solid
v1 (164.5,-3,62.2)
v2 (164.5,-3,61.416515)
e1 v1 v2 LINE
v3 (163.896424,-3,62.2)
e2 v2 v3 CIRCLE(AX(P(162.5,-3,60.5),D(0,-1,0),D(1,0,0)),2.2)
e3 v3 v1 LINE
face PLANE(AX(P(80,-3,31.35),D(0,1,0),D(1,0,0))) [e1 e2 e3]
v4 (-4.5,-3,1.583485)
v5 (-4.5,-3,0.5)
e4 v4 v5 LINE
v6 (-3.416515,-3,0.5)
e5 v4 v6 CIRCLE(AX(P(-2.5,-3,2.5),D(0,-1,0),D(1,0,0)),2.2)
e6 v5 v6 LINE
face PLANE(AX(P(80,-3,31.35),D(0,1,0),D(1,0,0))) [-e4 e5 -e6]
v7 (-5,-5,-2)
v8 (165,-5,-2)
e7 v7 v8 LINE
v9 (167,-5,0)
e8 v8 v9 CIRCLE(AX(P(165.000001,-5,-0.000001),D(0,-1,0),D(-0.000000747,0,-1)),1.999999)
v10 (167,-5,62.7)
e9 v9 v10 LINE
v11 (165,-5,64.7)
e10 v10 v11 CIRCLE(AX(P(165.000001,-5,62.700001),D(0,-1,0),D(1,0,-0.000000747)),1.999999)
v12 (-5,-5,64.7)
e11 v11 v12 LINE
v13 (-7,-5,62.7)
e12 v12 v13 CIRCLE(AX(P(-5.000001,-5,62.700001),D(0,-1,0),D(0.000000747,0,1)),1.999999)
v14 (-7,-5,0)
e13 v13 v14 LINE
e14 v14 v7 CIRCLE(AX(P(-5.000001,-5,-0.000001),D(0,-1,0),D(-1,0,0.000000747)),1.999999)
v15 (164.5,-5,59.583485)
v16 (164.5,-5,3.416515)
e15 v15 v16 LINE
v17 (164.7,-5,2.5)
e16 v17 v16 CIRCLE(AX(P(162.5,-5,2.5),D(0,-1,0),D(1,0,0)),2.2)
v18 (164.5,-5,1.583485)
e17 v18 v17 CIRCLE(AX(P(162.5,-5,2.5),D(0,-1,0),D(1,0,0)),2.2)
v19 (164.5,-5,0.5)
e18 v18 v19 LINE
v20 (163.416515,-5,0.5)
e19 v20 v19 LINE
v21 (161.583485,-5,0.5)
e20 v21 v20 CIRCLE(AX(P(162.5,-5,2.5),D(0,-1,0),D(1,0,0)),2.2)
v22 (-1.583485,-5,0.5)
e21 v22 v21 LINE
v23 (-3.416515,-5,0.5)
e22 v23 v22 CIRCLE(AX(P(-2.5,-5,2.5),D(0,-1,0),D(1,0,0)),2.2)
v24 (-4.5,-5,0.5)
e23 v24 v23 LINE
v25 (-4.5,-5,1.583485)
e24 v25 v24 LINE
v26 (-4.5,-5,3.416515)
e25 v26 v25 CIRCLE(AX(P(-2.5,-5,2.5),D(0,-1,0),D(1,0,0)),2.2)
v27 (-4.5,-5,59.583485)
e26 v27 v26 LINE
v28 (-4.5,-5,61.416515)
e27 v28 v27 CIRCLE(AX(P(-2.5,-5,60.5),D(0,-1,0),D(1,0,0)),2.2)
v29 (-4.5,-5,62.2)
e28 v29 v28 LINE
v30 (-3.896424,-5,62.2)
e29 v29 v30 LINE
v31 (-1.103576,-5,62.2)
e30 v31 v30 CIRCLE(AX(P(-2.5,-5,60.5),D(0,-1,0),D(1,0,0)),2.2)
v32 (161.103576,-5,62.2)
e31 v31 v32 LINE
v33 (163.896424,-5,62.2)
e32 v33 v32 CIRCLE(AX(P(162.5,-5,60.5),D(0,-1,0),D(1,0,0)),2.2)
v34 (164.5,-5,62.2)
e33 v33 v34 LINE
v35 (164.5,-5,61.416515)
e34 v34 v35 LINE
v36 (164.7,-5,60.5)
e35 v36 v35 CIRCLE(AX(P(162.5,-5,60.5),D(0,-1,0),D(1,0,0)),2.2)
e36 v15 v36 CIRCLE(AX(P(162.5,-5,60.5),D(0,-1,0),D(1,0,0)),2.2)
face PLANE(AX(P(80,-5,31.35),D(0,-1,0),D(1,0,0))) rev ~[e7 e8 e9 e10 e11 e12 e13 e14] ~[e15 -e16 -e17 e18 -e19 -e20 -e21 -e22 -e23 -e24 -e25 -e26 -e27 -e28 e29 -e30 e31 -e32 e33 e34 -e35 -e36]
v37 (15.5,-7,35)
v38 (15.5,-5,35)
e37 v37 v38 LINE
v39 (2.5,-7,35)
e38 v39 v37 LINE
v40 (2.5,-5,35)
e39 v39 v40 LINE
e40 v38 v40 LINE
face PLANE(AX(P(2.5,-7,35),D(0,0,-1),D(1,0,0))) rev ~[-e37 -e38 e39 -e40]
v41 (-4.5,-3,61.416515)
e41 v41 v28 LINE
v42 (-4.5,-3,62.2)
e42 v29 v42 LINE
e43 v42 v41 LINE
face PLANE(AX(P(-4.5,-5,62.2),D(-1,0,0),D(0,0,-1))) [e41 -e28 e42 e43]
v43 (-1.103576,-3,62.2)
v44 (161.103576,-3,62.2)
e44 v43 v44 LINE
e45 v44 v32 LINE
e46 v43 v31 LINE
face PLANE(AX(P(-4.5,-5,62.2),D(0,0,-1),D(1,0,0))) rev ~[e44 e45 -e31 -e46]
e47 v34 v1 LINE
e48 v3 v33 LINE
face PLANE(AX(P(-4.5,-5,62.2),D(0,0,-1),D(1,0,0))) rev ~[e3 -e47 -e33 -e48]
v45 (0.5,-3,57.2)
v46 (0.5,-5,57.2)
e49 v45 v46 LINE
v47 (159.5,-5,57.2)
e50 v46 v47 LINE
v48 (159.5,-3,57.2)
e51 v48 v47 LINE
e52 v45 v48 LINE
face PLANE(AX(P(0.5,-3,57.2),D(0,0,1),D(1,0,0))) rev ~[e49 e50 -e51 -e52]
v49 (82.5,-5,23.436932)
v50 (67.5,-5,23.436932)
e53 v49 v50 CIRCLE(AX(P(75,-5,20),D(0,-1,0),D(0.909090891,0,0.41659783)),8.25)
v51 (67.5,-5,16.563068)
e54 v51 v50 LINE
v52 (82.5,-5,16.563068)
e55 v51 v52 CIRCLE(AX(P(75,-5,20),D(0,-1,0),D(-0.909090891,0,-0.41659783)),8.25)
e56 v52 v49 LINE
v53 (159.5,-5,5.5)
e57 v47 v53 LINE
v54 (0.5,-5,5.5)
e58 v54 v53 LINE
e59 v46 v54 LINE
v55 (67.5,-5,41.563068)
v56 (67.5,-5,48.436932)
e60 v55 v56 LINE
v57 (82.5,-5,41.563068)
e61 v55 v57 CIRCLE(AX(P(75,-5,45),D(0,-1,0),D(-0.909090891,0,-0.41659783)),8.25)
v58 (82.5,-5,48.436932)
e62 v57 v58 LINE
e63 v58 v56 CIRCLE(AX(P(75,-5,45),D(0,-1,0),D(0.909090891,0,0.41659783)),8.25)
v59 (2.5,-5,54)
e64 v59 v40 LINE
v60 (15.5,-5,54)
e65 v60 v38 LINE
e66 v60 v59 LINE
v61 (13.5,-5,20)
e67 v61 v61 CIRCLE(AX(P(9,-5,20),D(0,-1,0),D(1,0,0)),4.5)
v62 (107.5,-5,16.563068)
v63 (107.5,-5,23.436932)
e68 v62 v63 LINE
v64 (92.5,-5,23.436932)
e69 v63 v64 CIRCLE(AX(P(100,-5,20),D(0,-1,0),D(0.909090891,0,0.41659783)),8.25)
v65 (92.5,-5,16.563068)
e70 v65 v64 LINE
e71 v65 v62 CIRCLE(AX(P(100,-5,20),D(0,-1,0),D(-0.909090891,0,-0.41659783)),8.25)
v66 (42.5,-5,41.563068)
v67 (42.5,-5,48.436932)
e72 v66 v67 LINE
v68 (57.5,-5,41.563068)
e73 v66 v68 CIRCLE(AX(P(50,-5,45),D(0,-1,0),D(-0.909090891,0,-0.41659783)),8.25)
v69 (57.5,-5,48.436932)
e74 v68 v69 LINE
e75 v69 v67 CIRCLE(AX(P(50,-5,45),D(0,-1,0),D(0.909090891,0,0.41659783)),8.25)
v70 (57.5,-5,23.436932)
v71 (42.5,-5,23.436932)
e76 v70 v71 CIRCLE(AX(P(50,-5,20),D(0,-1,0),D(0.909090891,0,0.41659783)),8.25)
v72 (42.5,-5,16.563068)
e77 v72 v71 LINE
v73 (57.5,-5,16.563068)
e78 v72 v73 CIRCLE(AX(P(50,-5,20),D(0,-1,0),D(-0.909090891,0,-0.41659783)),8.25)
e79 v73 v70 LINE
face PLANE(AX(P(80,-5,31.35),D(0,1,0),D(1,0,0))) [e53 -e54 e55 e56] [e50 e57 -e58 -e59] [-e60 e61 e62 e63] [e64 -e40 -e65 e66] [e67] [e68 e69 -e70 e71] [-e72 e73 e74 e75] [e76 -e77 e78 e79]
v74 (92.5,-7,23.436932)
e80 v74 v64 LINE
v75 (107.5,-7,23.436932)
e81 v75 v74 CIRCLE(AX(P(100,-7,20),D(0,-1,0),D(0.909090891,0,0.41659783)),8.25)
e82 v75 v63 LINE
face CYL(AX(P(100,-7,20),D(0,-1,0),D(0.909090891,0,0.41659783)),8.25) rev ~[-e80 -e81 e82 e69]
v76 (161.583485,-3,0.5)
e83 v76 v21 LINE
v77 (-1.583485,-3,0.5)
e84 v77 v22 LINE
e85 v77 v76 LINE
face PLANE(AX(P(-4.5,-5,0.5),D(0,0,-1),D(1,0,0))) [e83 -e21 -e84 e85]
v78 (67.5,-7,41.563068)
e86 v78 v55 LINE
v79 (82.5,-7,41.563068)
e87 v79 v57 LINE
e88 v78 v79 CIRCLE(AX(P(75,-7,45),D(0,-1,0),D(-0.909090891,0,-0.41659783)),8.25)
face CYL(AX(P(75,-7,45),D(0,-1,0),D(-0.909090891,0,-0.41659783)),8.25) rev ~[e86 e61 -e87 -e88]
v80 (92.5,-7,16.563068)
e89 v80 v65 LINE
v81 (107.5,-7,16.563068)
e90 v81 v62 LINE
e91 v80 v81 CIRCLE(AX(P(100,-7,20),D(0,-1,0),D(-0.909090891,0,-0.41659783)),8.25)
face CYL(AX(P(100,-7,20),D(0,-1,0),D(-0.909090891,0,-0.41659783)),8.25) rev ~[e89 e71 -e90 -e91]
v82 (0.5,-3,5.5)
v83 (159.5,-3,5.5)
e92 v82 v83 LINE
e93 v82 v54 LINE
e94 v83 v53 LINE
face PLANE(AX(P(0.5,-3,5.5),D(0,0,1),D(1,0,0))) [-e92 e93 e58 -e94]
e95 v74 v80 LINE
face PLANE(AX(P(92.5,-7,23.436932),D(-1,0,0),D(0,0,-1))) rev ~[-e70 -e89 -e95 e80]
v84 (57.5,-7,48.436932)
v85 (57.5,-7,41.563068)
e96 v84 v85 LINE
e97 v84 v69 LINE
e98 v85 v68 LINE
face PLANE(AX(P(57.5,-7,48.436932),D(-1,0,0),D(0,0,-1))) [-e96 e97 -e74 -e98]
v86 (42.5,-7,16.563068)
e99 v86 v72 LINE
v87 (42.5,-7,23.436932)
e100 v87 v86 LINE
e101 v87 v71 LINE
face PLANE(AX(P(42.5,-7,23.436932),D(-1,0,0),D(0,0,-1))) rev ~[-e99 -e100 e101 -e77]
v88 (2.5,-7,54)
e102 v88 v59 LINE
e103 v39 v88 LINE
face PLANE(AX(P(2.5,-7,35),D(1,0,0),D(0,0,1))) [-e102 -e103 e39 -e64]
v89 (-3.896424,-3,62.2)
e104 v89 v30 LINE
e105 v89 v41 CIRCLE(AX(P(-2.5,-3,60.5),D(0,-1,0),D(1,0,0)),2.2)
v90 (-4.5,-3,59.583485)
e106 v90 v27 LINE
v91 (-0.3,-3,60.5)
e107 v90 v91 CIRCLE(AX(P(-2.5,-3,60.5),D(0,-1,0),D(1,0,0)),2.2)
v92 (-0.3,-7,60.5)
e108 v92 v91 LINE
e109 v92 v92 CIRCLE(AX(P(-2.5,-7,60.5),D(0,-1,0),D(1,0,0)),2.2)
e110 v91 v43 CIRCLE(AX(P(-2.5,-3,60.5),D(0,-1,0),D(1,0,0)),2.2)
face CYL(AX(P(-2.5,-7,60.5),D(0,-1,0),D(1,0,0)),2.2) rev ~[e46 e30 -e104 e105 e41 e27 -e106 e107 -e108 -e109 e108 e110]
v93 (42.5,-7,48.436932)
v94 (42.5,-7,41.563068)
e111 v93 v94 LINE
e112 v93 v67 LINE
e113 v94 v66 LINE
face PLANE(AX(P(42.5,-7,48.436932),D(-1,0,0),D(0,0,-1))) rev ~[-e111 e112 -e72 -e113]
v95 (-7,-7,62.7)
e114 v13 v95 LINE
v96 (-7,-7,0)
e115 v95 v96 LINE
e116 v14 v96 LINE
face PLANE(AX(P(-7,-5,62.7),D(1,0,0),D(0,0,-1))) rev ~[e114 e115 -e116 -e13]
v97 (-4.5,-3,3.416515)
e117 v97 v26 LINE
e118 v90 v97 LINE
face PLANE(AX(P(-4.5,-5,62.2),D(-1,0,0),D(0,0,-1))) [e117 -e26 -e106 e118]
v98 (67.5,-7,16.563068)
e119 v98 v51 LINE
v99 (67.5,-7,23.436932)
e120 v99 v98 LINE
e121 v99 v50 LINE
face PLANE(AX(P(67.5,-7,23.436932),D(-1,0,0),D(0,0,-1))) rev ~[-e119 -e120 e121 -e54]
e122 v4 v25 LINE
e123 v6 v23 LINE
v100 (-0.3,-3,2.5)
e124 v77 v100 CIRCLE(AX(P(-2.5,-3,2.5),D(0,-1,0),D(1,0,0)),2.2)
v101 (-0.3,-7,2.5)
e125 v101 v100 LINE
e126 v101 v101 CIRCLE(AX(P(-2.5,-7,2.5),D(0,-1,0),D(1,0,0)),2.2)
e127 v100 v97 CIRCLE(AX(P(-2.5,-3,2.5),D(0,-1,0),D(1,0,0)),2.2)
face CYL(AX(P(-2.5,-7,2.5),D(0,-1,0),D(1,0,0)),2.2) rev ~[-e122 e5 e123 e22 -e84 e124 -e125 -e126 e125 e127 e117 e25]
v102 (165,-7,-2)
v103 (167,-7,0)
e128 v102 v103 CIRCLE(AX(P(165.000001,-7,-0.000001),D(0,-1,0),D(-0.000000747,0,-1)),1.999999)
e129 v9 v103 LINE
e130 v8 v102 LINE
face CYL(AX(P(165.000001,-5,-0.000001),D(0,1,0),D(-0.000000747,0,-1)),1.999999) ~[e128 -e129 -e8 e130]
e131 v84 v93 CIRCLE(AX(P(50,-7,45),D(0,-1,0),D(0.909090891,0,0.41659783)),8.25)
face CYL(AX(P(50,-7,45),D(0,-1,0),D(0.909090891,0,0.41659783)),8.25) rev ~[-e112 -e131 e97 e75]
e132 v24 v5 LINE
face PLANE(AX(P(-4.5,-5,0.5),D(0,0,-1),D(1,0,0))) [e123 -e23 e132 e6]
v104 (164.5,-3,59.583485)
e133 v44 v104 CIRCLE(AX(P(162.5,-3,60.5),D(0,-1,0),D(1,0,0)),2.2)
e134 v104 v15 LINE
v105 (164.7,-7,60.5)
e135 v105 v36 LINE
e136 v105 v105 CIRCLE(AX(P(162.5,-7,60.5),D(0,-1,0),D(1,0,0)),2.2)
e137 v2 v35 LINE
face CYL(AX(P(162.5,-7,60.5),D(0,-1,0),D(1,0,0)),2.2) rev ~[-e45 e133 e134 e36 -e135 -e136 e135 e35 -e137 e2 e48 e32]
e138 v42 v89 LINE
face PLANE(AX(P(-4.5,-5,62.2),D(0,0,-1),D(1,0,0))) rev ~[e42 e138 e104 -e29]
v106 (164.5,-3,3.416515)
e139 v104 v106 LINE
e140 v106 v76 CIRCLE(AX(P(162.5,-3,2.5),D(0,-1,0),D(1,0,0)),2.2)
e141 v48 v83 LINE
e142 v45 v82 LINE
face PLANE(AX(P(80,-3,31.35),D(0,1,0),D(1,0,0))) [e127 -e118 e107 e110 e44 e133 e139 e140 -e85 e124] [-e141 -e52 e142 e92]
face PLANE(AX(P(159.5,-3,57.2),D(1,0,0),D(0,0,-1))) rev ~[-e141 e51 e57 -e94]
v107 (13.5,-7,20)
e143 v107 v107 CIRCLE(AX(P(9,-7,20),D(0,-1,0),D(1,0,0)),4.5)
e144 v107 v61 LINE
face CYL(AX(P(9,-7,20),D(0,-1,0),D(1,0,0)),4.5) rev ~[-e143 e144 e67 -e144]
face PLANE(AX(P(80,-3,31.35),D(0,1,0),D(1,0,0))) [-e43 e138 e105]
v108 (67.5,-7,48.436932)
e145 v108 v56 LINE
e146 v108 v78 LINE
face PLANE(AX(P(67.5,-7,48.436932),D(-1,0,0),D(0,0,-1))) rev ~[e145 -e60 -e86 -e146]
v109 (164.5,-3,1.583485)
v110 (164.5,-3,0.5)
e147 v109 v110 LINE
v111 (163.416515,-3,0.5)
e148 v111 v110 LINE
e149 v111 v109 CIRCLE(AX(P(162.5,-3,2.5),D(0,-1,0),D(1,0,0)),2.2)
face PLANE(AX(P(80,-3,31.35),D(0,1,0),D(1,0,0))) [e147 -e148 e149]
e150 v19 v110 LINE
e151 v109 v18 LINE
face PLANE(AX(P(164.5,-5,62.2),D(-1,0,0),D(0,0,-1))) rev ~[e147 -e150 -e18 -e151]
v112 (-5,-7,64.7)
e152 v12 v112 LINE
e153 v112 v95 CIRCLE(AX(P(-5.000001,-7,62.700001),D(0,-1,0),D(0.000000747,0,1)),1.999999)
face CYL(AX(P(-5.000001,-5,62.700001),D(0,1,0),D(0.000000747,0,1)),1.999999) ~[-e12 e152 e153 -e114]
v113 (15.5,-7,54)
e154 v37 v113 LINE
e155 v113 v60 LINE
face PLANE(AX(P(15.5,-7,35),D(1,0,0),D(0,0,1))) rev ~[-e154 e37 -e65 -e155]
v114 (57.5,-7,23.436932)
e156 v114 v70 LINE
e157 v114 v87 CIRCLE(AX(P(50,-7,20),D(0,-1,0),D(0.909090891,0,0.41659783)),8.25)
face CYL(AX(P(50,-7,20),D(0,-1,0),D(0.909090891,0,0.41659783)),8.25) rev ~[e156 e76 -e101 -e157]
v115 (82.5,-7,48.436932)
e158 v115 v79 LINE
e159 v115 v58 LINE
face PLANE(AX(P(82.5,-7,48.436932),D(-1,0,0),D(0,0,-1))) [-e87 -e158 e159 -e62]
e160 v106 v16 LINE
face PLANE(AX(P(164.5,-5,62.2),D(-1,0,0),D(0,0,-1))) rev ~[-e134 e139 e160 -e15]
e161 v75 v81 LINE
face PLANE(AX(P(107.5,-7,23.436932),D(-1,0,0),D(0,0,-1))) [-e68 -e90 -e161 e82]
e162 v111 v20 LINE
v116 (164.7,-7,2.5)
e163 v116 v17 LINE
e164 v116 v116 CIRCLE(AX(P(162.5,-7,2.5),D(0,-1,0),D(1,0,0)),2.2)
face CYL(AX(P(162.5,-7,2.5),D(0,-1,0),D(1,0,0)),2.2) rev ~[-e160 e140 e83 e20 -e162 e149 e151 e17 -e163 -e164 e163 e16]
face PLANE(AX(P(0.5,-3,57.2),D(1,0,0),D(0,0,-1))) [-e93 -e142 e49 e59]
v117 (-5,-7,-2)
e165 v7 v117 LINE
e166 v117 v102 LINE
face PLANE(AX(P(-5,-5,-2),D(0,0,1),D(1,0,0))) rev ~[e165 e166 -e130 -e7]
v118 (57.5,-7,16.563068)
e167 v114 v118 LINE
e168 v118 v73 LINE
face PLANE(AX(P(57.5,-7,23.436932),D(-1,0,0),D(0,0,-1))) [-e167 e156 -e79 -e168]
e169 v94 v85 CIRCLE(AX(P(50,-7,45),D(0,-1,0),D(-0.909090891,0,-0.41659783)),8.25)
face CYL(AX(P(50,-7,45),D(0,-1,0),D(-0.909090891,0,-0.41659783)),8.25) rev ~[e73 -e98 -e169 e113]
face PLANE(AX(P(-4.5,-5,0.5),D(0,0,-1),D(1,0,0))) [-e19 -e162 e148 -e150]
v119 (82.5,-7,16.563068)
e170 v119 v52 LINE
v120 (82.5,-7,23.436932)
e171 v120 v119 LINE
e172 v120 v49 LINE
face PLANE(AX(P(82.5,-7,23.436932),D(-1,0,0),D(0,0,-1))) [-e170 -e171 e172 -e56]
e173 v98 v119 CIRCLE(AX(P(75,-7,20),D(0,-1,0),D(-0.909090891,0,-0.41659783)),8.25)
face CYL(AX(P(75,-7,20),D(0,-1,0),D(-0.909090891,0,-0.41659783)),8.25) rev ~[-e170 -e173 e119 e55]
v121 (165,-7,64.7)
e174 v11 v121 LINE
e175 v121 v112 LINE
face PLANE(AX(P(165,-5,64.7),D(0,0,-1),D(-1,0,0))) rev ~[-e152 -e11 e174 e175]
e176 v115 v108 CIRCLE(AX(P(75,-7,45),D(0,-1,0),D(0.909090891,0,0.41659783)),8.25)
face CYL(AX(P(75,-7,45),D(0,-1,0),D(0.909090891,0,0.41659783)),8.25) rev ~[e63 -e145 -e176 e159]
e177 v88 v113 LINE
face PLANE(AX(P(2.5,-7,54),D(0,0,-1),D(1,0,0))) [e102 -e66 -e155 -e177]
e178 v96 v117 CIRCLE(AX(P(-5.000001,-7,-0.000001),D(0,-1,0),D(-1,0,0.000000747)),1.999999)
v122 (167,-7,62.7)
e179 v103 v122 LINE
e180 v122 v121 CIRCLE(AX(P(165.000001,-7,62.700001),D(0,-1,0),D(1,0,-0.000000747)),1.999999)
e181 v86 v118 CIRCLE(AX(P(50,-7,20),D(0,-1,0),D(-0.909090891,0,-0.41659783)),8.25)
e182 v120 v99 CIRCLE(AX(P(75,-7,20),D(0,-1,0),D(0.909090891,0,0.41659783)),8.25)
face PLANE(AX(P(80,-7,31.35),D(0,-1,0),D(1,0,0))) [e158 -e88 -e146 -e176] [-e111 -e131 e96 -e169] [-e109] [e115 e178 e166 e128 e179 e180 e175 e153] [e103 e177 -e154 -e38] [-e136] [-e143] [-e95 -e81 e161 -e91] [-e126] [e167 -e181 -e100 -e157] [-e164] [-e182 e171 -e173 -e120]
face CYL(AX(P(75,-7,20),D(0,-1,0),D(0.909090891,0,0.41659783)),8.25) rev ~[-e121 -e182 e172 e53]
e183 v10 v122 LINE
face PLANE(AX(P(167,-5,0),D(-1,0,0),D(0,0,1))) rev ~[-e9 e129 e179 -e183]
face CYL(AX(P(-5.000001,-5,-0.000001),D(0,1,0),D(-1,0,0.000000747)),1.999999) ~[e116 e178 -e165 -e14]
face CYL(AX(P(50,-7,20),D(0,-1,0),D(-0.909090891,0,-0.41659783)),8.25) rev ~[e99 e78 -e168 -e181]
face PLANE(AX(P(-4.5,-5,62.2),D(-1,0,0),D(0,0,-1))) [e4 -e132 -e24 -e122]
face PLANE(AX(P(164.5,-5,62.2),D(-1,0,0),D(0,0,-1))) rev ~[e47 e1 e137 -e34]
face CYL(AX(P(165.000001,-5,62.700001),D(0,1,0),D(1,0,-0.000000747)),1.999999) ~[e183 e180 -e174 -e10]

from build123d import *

# Parameters (mm, degrees)
PAD004_DEPTH    = 2
SKETCH008_W     = 169
SKETCH008_H     = 61.7
PAD005_DEPTH    = 2
SKETCH009_R     = 2.2
POCKET002_DEPTH = 4.001
SKETCH012_W     = 159
SKETCH012_H     = 51.7
POCKET005_DEPTH = 2
SKETCH010_R     = 4.5
SKETCH010_W     = 13
SKETCH010_H     = 19
POCKET003_DEPTH = 4.001


with BuildPart() as part:
    # Sketch007 → Pad004 (new body)
    with BuildSketch(Plane.XZ):
        with BuildLine():
            Line((-2, 62.7), (-2, 0))
            ThreePointArc((-2, 0), (-1.414214, -1.414214), (0, -2))
            Line((0, -2), (170, -2))
            ThreePointArc((170, -2), (171.414214, -1.414214), (172, 0))
            Line((172, 0), (172, 62.7))
            ThreePointArc((172, 62.7), (171.414214, 64.114214), (170, 64.7))
            Line((170, 64.7), (0, 64.7))
            ThreePointArc((0, 64.7), (-1.414214, 64.114214), (-2, 62.7))
        make_face()
    extrude(amount=PAD004_DEPTH)

    # Sketch008 (on Face9 of Pad004) → Pad005 (join)
    with BuildSketch(Plane(origin=(0, 0, 0), x_dir=(1, 0, 0), z_dir=(0, 1, 0))):
        with Locations((85, -31.35)):
            Rectangle(SKETCH008_W, SKETCH008_H)
    extrude(amount=PAD005_DEPTH)

    # Sketch009 (on Face5 of Pad005) → Pocket002 (cut, through all)
    with BuildSketch(Plane.XZ.offset(2)):
        with Locations((2.5, 2.5)):
            Circle(SKETCH009_R)
        with Locations((2.5, 60.5)):
            Circle(SKETCH009_R)
        with Locations((167.5, 60.5)):
            Circle(SKETCH009_R)
        with Locations((167.5, 2.5)):
            Circle(SKETCH009_R)
    extrude(amount=-POCKET002_DEPTH, mode=Mode.SUBTRACT)

    # Sketch012 (on Face28 of Pocket002) → Pocket005 (cut)
    with BuildSketch(Plane(origin=(0, 2, 0), x_dir=(1, 0, 0), z_dir=(0, 1, 0))):
        with Locations((85, -31.35)):
            Rectangle(SKETCH012_W, SKETCH012_H)
    extrude(amount=-POCKET005_DEPTH, mode=Mode.SUBTRACT)


with BuildPart() as part_1:
    # Body003 placement: moved
    add(part.part.moved(Location((-5, -5, 0))))


with BuildPart() as part_2:
    # BaseFeature placement: moved
    add(part_1.part.moved(Location((5, 5, 0))))

    # Sketch010 (on Face5 of BaseFeature) → Pocket003 (cut, through all)
    with BuildSketch(Plane.XZ.offset(2)):
        with Locations((14, 20)):
            Circle(SKETCH010_R)
        with Locations((14, 44.5)):
            Rectangle(SKETCH010_W, SKETCH010_H)
        with BuildLine():
            Line((62.5, 23.436932), (62.5, 16.563068))
            ThreePointArc((47.5, 16.563068), (55, 11.75), (62.5, 16.563068))
            Line((47.5, 23.436932), (47.5, 16.563068))
            ThreePointArc((62.5, 23.436932), (55, 28.25), (47.5, 23.436932))
        make_face()
        with BuildLine():
            ThreePointArc((47.5, 41.563068), (55, 36.75), (62.5, 41.563068))
            Line((62.5, 48.436932), (62.5, 41.563068))
            ThreePointArc((62.5, 48.436932), (55, 53.25), (47.5, 48.436932))
            Line((47.5, 48.436932), (47.5, 41.563068))
        make_face()
        with BuildLine():
            ThreePointArc((87.5, 23.436932), (80, 28.25), (72.5, 23.436932))
            Line((72.5, 23.436932), (72.5, 16.563068))
            ThreePointArc((72.5, 16.563068), (80, 11.75), (87.5, 16.563068))
            Line((87.5, 23.436932), (87.5, 16.563068))
        make_face()
        with BuildLine():
            Line((97.5, 23.436932), (97.5, 16.563068))
            ThreePointArc((97.5, 16.563068), (105, 11.75), (112.5, 16.563068))
            Line((112.5, 23.436932), (112.5, 16.563068))
            ThreePointArc((112.5, 23.436932), (105, 28.25), (97.5, 23.436932))
        make_face()
        with BuildLine():
            Line((72.5, 48.436932), (72.5, 41.563068))
            ThreePointArc((72.5, 41.563068), (80, 36.75), (87.5, 41.563068))
            Line((87.5, 48.436932), (87.5, 41.563068))
            ThreePointArc((87.5, 48.436932), (80, 53.25), (72.5, 48.436932))
        make_face()
    extrude(amount=-POCKET003_DEPTH, mode=Mode.SUBTRACT)


with BuildPart() as part_3:
    # Body004 placement: moved
    add(part_2.part.moved(Location((-5, -5, 0))))


solid = part_3.part
